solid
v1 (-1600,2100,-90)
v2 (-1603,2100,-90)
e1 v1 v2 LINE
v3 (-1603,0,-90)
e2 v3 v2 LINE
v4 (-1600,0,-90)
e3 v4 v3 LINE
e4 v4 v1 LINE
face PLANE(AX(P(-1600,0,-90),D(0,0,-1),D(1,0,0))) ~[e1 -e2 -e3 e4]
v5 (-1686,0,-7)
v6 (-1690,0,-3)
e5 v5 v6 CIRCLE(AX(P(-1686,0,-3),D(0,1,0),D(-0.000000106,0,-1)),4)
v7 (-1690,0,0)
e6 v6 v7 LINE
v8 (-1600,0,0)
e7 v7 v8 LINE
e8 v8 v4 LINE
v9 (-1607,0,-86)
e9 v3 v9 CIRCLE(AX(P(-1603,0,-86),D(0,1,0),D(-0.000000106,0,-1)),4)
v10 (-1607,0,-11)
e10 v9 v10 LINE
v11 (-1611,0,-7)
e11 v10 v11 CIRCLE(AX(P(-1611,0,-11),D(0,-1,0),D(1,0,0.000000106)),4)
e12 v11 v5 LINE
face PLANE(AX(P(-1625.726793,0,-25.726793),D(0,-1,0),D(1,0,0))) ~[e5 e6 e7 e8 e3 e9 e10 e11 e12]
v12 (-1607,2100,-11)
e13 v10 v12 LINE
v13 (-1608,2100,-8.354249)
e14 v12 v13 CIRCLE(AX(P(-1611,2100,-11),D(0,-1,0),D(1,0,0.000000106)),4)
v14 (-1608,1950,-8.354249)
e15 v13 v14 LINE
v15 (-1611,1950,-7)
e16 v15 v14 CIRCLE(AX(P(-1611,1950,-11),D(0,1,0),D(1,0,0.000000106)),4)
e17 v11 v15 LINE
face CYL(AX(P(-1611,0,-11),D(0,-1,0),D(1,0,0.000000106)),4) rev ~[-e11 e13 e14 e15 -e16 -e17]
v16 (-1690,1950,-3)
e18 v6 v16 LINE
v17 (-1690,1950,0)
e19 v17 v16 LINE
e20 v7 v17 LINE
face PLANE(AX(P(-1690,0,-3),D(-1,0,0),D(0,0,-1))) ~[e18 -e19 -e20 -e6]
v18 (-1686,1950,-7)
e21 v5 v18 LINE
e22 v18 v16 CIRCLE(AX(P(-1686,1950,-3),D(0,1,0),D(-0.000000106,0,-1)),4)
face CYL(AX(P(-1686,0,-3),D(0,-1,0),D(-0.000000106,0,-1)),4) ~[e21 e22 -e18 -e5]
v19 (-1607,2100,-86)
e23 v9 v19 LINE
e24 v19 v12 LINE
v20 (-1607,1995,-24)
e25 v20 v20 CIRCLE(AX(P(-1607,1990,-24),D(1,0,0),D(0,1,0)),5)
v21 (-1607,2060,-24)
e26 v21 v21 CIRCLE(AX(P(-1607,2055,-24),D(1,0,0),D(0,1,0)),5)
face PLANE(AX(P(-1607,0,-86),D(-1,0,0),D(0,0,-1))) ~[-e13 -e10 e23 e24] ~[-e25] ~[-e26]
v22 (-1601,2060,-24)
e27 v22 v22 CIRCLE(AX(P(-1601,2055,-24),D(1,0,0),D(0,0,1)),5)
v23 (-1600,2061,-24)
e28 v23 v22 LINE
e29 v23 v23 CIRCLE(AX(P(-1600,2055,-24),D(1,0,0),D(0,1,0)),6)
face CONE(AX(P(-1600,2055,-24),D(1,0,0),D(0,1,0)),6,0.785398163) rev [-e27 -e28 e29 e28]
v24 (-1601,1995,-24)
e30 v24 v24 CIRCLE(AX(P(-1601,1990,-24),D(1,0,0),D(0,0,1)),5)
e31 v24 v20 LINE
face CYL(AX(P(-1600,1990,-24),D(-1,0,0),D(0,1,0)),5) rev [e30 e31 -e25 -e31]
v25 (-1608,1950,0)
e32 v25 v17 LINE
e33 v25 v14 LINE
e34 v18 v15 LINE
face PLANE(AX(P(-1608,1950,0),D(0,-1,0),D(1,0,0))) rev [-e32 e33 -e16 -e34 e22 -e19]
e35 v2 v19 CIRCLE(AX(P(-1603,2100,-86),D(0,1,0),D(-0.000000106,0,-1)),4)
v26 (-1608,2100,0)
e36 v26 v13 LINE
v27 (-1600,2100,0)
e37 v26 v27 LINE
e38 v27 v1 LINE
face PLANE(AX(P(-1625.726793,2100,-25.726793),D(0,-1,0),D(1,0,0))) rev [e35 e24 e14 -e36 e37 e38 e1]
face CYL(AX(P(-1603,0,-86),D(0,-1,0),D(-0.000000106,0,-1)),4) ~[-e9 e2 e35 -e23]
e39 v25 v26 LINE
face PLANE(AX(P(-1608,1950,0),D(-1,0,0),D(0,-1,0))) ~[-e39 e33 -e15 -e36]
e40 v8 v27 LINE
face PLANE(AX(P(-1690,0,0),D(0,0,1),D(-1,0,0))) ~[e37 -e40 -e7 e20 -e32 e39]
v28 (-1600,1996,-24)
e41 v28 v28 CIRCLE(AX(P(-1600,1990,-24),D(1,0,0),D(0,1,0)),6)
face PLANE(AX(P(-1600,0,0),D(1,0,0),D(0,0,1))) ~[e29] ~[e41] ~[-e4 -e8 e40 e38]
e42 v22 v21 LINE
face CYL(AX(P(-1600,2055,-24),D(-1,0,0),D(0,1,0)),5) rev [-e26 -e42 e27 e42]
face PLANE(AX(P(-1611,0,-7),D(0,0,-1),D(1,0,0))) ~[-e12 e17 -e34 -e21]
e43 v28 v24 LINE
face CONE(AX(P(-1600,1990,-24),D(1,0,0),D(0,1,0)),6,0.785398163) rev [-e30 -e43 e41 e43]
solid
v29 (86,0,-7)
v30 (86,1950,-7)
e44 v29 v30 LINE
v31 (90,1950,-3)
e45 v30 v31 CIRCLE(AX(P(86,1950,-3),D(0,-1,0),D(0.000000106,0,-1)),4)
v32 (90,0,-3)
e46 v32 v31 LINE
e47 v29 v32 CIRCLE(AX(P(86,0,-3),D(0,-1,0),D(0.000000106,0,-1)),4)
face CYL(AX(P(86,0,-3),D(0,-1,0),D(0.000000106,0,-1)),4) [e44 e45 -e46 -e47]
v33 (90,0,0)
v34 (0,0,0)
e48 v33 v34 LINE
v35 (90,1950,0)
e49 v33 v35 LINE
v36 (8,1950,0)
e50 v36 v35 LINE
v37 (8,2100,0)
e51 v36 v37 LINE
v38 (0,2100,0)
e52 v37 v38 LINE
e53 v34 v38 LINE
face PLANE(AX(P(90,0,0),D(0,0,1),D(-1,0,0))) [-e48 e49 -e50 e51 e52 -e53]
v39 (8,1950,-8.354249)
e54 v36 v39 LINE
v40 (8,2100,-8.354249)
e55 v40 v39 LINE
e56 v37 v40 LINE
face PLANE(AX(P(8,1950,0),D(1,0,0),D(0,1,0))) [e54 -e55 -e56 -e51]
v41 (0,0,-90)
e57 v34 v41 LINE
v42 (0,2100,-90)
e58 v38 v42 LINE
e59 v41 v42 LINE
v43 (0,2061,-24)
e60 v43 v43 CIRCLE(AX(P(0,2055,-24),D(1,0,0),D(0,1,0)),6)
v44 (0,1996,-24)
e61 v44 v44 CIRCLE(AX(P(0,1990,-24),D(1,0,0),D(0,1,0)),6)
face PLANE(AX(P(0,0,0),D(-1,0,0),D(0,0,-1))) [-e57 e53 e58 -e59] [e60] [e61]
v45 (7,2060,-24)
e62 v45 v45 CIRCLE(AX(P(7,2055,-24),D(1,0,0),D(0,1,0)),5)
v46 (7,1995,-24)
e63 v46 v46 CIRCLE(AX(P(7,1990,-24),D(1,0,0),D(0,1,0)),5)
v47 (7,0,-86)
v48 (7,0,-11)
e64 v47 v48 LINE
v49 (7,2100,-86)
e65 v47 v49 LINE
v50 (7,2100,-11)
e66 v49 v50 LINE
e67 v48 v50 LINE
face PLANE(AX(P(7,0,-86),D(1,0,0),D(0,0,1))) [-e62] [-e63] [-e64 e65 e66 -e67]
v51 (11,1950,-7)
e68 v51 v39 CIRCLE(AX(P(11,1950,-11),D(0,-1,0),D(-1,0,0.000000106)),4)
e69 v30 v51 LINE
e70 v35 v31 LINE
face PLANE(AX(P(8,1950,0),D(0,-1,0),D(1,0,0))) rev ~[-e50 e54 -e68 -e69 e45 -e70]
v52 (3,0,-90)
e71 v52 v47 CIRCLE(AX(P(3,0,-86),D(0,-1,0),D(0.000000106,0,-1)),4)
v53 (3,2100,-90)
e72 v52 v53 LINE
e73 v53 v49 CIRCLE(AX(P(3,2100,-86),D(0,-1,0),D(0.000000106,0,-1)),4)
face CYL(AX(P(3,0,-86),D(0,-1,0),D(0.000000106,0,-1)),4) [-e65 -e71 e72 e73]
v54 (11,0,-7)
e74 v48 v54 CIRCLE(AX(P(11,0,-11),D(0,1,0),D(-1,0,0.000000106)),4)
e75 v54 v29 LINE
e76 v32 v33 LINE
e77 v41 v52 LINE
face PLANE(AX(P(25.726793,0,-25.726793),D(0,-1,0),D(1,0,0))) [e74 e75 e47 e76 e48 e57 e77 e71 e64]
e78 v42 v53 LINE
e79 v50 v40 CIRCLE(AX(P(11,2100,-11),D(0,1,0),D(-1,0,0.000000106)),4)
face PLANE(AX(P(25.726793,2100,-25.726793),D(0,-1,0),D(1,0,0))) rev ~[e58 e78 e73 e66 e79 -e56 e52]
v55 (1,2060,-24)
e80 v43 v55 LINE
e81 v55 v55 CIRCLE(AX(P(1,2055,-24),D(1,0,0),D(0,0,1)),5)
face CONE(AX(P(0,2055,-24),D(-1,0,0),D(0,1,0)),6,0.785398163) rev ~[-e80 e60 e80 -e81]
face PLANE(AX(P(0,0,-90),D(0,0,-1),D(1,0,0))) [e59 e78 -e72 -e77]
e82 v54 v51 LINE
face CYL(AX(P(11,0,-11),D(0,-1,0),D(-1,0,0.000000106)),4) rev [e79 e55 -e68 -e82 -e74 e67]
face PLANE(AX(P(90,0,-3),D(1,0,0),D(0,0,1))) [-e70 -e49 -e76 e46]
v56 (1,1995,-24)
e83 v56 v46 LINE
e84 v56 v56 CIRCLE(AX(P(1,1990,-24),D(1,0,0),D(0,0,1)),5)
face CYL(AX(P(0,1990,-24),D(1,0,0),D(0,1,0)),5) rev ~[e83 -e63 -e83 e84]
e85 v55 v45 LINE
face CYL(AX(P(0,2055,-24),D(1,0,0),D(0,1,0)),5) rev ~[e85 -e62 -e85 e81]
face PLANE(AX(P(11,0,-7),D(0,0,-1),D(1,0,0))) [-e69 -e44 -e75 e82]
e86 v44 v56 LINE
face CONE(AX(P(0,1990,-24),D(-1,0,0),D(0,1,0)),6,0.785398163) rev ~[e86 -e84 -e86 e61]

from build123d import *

# Parameters (mm, degrees)
F1_DEPTH       = 2100
F2_W           = 90
F2_H           = 150
F3_DEPTH       = 25
F5_D           = 10
F5_DEPTH       = 30
F5_CSINK_D     = 12
F5_CSINK_ANGLE = 90


with BuildPart() as f1:
    # F0 (on Front) → F1 (new body)
    with BuildSketch(Plane.XZ):
        with BuildLine():
            Line((90, 0), (0, 0))
            Line((0, 0), (0, -90))
            Line((0, -90), (3, -90))
            ThreePointArc((3, -90), (5.828427, -88.828427), (7, -86))
            Line((7, -86), (7, -11))
            ThreePointArc((7, -11), (8.171573, -8.171573), (11, -7))
            Line((11, -7), (86, -7))
            ThreePointArc((86, -7), (88.828427, -5.828427), (90, -3))
            Line((90, -3), (90, 0))
        make_face()
    extrude(amount=-F1_DEPTH)

    # F2 (on face) → F3 (cut)
    with BuildSketch(Plane.XY):
        with Locations((53, 2025)):
            Rectangle(F2_W, F2_H)
    extrude(amount=-F3_DEPTH, mode=Mode.SUBTRACT)

    # F5
    with Locations(Plane(origin=(0, 0, 0), x_dir=(0, -1, 0), z_dir=(-1, 0, 0))):
        with Locations((-2055, -24), (-1990, -24)):
            CounterSinkHole(F5_D / 2, F5_CSINK_D / 2, depth=F5_DEPTH, counter_sink_angle=F5_CSINK_ANGLE)


with BuildPart() as f7_1:
    # F7: instance of F1
    add(f1.part.mirror(Plane.YZ.offset(-800)))


solid = Compound([f1.part, f7_1.part])
